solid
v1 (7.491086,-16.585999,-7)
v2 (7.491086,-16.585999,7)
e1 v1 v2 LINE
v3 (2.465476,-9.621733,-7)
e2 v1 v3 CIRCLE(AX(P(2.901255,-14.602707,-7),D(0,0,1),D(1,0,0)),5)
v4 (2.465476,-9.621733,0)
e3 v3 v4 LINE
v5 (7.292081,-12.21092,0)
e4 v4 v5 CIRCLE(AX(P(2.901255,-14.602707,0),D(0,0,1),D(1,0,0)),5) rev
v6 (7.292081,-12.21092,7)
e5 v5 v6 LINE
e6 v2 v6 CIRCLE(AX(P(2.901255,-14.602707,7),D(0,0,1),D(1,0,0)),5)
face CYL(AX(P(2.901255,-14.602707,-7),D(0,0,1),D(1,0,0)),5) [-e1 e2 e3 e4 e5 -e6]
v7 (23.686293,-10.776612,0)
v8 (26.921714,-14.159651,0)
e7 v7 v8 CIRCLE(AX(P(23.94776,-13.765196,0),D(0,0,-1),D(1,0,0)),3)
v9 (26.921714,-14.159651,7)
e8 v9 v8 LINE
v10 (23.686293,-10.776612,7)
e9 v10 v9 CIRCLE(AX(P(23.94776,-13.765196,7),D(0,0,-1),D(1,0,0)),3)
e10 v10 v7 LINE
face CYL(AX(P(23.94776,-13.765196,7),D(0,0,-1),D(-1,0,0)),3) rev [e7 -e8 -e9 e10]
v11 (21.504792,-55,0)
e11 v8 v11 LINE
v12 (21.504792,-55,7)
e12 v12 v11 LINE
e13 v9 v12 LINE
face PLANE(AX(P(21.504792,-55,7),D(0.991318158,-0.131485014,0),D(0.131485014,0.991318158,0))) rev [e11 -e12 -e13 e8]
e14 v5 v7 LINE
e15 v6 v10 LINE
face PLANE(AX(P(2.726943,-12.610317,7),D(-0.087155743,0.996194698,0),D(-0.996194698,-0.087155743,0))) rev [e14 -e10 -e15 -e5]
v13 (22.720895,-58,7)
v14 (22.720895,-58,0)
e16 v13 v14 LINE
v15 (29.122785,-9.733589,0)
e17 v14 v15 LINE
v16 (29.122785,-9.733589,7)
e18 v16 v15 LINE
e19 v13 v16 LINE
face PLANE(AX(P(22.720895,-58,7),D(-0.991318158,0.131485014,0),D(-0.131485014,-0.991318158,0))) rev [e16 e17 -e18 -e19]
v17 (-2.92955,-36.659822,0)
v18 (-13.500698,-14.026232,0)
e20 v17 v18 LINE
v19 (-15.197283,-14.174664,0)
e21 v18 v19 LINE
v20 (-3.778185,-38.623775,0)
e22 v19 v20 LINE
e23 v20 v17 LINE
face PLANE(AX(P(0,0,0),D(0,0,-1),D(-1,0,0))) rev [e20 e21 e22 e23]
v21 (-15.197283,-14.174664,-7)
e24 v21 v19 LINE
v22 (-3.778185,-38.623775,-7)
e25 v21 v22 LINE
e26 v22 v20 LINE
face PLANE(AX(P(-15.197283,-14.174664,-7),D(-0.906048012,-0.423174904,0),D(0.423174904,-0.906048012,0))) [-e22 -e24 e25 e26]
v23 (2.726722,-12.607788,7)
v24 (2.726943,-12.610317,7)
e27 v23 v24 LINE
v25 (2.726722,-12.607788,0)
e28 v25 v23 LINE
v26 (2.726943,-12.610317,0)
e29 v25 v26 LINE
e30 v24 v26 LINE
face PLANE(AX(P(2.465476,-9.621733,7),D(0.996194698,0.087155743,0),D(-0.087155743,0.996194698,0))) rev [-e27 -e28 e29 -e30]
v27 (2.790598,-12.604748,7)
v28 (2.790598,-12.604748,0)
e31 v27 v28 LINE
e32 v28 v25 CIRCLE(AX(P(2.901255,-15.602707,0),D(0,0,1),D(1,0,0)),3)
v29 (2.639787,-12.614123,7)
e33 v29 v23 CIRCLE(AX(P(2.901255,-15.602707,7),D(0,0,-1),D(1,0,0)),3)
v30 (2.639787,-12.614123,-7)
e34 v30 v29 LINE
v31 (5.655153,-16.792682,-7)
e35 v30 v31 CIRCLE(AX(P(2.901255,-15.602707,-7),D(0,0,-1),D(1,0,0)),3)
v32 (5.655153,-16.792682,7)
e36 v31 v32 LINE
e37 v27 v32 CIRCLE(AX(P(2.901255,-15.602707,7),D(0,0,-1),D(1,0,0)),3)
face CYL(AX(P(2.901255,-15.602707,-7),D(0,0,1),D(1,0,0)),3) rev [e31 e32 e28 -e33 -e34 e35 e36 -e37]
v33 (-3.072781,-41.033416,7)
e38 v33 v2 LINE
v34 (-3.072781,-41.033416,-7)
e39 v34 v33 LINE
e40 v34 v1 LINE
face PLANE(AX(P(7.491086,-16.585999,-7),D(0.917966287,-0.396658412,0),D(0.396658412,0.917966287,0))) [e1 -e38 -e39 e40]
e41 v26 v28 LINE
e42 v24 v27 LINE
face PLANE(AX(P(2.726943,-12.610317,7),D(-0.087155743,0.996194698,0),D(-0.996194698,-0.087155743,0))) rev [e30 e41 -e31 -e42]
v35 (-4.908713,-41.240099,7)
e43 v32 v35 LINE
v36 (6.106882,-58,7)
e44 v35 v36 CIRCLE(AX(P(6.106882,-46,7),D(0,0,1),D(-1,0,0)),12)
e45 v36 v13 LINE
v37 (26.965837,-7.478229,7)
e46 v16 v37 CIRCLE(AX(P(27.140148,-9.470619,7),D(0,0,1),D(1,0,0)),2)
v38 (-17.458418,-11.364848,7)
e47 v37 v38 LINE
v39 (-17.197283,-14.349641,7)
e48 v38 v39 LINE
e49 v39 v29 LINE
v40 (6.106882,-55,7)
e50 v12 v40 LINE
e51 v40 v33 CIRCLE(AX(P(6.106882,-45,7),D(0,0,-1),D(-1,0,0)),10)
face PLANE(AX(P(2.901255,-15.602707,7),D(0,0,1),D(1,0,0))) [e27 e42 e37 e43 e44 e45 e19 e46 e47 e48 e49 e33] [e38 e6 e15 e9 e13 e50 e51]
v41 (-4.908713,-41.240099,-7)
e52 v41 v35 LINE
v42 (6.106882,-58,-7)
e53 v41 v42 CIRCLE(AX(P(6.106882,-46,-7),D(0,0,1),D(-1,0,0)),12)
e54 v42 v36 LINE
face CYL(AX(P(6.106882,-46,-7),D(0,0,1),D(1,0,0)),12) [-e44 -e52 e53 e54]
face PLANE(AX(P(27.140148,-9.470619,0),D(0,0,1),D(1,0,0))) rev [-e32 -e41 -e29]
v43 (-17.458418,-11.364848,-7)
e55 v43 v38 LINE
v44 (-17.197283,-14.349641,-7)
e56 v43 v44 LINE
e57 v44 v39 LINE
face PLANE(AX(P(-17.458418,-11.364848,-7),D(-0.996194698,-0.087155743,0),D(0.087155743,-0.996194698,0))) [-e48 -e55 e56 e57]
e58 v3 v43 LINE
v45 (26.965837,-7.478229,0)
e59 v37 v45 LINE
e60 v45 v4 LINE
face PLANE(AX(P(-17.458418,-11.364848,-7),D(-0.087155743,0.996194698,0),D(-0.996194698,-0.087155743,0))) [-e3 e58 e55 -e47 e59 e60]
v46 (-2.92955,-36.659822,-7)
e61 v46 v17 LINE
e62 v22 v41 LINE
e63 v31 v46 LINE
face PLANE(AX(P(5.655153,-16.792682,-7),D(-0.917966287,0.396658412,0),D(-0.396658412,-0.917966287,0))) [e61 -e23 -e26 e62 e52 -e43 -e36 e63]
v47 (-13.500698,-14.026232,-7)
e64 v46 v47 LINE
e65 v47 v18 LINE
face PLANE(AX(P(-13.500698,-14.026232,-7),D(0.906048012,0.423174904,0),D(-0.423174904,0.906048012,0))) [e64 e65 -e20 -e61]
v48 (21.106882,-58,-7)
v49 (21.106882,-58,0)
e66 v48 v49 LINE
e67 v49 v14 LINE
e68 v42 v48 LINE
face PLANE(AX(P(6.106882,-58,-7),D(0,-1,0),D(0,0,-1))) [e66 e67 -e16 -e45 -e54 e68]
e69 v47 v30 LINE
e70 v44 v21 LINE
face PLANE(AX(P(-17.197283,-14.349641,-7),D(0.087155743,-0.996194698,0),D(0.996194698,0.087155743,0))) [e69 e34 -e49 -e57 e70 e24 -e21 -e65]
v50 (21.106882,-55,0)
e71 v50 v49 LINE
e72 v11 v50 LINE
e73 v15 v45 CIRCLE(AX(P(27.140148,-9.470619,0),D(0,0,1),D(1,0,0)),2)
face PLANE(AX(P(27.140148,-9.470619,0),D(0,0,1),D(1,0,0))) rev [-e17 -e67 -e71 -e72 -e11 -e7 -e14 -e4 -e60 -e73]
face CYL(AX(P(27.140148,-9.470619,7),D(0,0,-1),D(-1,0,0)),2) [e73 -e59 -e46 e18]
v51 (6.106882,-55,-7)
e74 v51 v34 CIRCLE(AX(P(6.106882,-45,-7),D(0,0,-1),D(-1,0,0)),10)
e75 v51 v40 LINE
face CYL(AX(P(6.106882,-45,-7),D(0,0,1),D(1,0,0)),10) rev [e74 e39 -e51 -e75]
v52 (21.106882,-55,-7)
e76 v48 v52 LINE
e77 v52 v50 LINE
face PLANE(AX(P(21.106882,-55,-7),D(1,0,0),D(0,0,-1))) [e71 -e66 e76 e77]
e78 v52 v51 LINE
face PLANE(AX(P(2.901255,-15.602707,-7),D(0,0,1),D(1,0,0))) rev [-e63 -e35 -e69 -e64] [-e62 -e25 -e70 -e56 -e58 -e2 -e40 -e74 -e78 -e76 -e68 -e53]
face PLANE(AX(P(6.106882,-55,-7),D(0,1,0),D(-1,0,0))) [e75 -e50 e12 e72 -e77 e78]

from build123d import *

# Parameters (mm, degrees)
BOSS_EXTRUDE1_DEPTH      = 7
BOSS_EXTRUDE1_DEPTH_BACK = 7
BOSS_EXTRUDE2_DEPTH      = 7
BOSS_EXTRUDE3_DEPTH      = 7


with BuildPart() as part:
    # Sketch1 → Boss-Extrude1 (new, two sides: drawn at the far end of the back side and taken through both)
    with BuildSketch(Plane.XY.offset(-BOSS_EXTRUDE1_DEPTH_BACK)):
        with BuildLine():
            Line((-17.458418155, -11.36484808), (2.465475807, -9.621733225))
            ThreePointArc((2.465475807, -9.621733225), (6.955793602, -11.676837129), (7.491085956, -16.585998774))
            Line((7.491085956, -16.585998774), (-3.072780906, -41.033415882))
            ThreePointArc((-3.072780906, -41.033415882), (-2.24972743, -50.492456592), (6.106881965, -55))
            Line((6.106881965, -55), (21.106881965, -55))
            Line((21.106881965, -55), (21.106881965, -58))
            Line((21.106881965, -58), (6.106881965, -58))
            ThreePointArc((6.106881965, -58), (-3.921049309, -52.59094791), (-4.908713481, -41.240099059))
            Line((-4.908713481, -41.240099059), (5.655153382, -16.79268195))
            ThreePointArc((5.655153382, -16.79268195), (5.333977969, -13.847184963), (2.639787292, -12.614122621))
            Line((2.639787292, -12.614122621), (-17.197282581, -14.349641352))
            Line((-17.197282581, -14.349641352), (-17.458418155, -11.36484808))
        make_face()
    extrude(amount=BOSS_EXTRUDE1_DEPTH + BOSS_EXTRUDE1_DEPTH_BACK)

    # Sketch3 → Boss-Extrude2 (add)
    with BuildSketch(Plane.XY):
        with BuildLine():
            Line((2.465475807, -9.621733225), (26.965836734, -7.478229391))
            ThreePointArc((26.965836734, -7.478229391), (28.585544777, -8.088291477), (29.122784537, -9.733588816))
            Line((29.122784537, -9.733588816), (22.720894567, -58))
            Line((22.720894567, -58), (21.106881965, -58))
            Line((21.106881965, -58), (21.106881965, -55))
            Line((21.106881965, -55), (21.504791597, -55))
            Line((21.504791597, -55), (26.921714347, -14.159650971))
            ThreePointArc((26.921714347, -14.159650971), (26.115854708, -11.691704962), (23.686292644, -10.776611833))
            Line((23.686292644, -10.776611833), (2.726943035, -12.610317319))
            Line((2.726943035, -12.610317319), (2.465475807, -9.621733225))
        make_face()
    extrude(amount=BOSS_EXTRUDE2_DEPTH)

    # Sketch4 → Boss-Extrude3 (add)
    with BuildSketch(Plane.XY):
        Polygon((-15.197282581, -14.174664025), (-3.7781853, -38.623775477), (-2.92955004, -36.659822272), (-13.500697735, -14.026232084), align=None)
    extrude(amount=-BOSS_EXTRUDE3_DEPTH)


solid = part.part
